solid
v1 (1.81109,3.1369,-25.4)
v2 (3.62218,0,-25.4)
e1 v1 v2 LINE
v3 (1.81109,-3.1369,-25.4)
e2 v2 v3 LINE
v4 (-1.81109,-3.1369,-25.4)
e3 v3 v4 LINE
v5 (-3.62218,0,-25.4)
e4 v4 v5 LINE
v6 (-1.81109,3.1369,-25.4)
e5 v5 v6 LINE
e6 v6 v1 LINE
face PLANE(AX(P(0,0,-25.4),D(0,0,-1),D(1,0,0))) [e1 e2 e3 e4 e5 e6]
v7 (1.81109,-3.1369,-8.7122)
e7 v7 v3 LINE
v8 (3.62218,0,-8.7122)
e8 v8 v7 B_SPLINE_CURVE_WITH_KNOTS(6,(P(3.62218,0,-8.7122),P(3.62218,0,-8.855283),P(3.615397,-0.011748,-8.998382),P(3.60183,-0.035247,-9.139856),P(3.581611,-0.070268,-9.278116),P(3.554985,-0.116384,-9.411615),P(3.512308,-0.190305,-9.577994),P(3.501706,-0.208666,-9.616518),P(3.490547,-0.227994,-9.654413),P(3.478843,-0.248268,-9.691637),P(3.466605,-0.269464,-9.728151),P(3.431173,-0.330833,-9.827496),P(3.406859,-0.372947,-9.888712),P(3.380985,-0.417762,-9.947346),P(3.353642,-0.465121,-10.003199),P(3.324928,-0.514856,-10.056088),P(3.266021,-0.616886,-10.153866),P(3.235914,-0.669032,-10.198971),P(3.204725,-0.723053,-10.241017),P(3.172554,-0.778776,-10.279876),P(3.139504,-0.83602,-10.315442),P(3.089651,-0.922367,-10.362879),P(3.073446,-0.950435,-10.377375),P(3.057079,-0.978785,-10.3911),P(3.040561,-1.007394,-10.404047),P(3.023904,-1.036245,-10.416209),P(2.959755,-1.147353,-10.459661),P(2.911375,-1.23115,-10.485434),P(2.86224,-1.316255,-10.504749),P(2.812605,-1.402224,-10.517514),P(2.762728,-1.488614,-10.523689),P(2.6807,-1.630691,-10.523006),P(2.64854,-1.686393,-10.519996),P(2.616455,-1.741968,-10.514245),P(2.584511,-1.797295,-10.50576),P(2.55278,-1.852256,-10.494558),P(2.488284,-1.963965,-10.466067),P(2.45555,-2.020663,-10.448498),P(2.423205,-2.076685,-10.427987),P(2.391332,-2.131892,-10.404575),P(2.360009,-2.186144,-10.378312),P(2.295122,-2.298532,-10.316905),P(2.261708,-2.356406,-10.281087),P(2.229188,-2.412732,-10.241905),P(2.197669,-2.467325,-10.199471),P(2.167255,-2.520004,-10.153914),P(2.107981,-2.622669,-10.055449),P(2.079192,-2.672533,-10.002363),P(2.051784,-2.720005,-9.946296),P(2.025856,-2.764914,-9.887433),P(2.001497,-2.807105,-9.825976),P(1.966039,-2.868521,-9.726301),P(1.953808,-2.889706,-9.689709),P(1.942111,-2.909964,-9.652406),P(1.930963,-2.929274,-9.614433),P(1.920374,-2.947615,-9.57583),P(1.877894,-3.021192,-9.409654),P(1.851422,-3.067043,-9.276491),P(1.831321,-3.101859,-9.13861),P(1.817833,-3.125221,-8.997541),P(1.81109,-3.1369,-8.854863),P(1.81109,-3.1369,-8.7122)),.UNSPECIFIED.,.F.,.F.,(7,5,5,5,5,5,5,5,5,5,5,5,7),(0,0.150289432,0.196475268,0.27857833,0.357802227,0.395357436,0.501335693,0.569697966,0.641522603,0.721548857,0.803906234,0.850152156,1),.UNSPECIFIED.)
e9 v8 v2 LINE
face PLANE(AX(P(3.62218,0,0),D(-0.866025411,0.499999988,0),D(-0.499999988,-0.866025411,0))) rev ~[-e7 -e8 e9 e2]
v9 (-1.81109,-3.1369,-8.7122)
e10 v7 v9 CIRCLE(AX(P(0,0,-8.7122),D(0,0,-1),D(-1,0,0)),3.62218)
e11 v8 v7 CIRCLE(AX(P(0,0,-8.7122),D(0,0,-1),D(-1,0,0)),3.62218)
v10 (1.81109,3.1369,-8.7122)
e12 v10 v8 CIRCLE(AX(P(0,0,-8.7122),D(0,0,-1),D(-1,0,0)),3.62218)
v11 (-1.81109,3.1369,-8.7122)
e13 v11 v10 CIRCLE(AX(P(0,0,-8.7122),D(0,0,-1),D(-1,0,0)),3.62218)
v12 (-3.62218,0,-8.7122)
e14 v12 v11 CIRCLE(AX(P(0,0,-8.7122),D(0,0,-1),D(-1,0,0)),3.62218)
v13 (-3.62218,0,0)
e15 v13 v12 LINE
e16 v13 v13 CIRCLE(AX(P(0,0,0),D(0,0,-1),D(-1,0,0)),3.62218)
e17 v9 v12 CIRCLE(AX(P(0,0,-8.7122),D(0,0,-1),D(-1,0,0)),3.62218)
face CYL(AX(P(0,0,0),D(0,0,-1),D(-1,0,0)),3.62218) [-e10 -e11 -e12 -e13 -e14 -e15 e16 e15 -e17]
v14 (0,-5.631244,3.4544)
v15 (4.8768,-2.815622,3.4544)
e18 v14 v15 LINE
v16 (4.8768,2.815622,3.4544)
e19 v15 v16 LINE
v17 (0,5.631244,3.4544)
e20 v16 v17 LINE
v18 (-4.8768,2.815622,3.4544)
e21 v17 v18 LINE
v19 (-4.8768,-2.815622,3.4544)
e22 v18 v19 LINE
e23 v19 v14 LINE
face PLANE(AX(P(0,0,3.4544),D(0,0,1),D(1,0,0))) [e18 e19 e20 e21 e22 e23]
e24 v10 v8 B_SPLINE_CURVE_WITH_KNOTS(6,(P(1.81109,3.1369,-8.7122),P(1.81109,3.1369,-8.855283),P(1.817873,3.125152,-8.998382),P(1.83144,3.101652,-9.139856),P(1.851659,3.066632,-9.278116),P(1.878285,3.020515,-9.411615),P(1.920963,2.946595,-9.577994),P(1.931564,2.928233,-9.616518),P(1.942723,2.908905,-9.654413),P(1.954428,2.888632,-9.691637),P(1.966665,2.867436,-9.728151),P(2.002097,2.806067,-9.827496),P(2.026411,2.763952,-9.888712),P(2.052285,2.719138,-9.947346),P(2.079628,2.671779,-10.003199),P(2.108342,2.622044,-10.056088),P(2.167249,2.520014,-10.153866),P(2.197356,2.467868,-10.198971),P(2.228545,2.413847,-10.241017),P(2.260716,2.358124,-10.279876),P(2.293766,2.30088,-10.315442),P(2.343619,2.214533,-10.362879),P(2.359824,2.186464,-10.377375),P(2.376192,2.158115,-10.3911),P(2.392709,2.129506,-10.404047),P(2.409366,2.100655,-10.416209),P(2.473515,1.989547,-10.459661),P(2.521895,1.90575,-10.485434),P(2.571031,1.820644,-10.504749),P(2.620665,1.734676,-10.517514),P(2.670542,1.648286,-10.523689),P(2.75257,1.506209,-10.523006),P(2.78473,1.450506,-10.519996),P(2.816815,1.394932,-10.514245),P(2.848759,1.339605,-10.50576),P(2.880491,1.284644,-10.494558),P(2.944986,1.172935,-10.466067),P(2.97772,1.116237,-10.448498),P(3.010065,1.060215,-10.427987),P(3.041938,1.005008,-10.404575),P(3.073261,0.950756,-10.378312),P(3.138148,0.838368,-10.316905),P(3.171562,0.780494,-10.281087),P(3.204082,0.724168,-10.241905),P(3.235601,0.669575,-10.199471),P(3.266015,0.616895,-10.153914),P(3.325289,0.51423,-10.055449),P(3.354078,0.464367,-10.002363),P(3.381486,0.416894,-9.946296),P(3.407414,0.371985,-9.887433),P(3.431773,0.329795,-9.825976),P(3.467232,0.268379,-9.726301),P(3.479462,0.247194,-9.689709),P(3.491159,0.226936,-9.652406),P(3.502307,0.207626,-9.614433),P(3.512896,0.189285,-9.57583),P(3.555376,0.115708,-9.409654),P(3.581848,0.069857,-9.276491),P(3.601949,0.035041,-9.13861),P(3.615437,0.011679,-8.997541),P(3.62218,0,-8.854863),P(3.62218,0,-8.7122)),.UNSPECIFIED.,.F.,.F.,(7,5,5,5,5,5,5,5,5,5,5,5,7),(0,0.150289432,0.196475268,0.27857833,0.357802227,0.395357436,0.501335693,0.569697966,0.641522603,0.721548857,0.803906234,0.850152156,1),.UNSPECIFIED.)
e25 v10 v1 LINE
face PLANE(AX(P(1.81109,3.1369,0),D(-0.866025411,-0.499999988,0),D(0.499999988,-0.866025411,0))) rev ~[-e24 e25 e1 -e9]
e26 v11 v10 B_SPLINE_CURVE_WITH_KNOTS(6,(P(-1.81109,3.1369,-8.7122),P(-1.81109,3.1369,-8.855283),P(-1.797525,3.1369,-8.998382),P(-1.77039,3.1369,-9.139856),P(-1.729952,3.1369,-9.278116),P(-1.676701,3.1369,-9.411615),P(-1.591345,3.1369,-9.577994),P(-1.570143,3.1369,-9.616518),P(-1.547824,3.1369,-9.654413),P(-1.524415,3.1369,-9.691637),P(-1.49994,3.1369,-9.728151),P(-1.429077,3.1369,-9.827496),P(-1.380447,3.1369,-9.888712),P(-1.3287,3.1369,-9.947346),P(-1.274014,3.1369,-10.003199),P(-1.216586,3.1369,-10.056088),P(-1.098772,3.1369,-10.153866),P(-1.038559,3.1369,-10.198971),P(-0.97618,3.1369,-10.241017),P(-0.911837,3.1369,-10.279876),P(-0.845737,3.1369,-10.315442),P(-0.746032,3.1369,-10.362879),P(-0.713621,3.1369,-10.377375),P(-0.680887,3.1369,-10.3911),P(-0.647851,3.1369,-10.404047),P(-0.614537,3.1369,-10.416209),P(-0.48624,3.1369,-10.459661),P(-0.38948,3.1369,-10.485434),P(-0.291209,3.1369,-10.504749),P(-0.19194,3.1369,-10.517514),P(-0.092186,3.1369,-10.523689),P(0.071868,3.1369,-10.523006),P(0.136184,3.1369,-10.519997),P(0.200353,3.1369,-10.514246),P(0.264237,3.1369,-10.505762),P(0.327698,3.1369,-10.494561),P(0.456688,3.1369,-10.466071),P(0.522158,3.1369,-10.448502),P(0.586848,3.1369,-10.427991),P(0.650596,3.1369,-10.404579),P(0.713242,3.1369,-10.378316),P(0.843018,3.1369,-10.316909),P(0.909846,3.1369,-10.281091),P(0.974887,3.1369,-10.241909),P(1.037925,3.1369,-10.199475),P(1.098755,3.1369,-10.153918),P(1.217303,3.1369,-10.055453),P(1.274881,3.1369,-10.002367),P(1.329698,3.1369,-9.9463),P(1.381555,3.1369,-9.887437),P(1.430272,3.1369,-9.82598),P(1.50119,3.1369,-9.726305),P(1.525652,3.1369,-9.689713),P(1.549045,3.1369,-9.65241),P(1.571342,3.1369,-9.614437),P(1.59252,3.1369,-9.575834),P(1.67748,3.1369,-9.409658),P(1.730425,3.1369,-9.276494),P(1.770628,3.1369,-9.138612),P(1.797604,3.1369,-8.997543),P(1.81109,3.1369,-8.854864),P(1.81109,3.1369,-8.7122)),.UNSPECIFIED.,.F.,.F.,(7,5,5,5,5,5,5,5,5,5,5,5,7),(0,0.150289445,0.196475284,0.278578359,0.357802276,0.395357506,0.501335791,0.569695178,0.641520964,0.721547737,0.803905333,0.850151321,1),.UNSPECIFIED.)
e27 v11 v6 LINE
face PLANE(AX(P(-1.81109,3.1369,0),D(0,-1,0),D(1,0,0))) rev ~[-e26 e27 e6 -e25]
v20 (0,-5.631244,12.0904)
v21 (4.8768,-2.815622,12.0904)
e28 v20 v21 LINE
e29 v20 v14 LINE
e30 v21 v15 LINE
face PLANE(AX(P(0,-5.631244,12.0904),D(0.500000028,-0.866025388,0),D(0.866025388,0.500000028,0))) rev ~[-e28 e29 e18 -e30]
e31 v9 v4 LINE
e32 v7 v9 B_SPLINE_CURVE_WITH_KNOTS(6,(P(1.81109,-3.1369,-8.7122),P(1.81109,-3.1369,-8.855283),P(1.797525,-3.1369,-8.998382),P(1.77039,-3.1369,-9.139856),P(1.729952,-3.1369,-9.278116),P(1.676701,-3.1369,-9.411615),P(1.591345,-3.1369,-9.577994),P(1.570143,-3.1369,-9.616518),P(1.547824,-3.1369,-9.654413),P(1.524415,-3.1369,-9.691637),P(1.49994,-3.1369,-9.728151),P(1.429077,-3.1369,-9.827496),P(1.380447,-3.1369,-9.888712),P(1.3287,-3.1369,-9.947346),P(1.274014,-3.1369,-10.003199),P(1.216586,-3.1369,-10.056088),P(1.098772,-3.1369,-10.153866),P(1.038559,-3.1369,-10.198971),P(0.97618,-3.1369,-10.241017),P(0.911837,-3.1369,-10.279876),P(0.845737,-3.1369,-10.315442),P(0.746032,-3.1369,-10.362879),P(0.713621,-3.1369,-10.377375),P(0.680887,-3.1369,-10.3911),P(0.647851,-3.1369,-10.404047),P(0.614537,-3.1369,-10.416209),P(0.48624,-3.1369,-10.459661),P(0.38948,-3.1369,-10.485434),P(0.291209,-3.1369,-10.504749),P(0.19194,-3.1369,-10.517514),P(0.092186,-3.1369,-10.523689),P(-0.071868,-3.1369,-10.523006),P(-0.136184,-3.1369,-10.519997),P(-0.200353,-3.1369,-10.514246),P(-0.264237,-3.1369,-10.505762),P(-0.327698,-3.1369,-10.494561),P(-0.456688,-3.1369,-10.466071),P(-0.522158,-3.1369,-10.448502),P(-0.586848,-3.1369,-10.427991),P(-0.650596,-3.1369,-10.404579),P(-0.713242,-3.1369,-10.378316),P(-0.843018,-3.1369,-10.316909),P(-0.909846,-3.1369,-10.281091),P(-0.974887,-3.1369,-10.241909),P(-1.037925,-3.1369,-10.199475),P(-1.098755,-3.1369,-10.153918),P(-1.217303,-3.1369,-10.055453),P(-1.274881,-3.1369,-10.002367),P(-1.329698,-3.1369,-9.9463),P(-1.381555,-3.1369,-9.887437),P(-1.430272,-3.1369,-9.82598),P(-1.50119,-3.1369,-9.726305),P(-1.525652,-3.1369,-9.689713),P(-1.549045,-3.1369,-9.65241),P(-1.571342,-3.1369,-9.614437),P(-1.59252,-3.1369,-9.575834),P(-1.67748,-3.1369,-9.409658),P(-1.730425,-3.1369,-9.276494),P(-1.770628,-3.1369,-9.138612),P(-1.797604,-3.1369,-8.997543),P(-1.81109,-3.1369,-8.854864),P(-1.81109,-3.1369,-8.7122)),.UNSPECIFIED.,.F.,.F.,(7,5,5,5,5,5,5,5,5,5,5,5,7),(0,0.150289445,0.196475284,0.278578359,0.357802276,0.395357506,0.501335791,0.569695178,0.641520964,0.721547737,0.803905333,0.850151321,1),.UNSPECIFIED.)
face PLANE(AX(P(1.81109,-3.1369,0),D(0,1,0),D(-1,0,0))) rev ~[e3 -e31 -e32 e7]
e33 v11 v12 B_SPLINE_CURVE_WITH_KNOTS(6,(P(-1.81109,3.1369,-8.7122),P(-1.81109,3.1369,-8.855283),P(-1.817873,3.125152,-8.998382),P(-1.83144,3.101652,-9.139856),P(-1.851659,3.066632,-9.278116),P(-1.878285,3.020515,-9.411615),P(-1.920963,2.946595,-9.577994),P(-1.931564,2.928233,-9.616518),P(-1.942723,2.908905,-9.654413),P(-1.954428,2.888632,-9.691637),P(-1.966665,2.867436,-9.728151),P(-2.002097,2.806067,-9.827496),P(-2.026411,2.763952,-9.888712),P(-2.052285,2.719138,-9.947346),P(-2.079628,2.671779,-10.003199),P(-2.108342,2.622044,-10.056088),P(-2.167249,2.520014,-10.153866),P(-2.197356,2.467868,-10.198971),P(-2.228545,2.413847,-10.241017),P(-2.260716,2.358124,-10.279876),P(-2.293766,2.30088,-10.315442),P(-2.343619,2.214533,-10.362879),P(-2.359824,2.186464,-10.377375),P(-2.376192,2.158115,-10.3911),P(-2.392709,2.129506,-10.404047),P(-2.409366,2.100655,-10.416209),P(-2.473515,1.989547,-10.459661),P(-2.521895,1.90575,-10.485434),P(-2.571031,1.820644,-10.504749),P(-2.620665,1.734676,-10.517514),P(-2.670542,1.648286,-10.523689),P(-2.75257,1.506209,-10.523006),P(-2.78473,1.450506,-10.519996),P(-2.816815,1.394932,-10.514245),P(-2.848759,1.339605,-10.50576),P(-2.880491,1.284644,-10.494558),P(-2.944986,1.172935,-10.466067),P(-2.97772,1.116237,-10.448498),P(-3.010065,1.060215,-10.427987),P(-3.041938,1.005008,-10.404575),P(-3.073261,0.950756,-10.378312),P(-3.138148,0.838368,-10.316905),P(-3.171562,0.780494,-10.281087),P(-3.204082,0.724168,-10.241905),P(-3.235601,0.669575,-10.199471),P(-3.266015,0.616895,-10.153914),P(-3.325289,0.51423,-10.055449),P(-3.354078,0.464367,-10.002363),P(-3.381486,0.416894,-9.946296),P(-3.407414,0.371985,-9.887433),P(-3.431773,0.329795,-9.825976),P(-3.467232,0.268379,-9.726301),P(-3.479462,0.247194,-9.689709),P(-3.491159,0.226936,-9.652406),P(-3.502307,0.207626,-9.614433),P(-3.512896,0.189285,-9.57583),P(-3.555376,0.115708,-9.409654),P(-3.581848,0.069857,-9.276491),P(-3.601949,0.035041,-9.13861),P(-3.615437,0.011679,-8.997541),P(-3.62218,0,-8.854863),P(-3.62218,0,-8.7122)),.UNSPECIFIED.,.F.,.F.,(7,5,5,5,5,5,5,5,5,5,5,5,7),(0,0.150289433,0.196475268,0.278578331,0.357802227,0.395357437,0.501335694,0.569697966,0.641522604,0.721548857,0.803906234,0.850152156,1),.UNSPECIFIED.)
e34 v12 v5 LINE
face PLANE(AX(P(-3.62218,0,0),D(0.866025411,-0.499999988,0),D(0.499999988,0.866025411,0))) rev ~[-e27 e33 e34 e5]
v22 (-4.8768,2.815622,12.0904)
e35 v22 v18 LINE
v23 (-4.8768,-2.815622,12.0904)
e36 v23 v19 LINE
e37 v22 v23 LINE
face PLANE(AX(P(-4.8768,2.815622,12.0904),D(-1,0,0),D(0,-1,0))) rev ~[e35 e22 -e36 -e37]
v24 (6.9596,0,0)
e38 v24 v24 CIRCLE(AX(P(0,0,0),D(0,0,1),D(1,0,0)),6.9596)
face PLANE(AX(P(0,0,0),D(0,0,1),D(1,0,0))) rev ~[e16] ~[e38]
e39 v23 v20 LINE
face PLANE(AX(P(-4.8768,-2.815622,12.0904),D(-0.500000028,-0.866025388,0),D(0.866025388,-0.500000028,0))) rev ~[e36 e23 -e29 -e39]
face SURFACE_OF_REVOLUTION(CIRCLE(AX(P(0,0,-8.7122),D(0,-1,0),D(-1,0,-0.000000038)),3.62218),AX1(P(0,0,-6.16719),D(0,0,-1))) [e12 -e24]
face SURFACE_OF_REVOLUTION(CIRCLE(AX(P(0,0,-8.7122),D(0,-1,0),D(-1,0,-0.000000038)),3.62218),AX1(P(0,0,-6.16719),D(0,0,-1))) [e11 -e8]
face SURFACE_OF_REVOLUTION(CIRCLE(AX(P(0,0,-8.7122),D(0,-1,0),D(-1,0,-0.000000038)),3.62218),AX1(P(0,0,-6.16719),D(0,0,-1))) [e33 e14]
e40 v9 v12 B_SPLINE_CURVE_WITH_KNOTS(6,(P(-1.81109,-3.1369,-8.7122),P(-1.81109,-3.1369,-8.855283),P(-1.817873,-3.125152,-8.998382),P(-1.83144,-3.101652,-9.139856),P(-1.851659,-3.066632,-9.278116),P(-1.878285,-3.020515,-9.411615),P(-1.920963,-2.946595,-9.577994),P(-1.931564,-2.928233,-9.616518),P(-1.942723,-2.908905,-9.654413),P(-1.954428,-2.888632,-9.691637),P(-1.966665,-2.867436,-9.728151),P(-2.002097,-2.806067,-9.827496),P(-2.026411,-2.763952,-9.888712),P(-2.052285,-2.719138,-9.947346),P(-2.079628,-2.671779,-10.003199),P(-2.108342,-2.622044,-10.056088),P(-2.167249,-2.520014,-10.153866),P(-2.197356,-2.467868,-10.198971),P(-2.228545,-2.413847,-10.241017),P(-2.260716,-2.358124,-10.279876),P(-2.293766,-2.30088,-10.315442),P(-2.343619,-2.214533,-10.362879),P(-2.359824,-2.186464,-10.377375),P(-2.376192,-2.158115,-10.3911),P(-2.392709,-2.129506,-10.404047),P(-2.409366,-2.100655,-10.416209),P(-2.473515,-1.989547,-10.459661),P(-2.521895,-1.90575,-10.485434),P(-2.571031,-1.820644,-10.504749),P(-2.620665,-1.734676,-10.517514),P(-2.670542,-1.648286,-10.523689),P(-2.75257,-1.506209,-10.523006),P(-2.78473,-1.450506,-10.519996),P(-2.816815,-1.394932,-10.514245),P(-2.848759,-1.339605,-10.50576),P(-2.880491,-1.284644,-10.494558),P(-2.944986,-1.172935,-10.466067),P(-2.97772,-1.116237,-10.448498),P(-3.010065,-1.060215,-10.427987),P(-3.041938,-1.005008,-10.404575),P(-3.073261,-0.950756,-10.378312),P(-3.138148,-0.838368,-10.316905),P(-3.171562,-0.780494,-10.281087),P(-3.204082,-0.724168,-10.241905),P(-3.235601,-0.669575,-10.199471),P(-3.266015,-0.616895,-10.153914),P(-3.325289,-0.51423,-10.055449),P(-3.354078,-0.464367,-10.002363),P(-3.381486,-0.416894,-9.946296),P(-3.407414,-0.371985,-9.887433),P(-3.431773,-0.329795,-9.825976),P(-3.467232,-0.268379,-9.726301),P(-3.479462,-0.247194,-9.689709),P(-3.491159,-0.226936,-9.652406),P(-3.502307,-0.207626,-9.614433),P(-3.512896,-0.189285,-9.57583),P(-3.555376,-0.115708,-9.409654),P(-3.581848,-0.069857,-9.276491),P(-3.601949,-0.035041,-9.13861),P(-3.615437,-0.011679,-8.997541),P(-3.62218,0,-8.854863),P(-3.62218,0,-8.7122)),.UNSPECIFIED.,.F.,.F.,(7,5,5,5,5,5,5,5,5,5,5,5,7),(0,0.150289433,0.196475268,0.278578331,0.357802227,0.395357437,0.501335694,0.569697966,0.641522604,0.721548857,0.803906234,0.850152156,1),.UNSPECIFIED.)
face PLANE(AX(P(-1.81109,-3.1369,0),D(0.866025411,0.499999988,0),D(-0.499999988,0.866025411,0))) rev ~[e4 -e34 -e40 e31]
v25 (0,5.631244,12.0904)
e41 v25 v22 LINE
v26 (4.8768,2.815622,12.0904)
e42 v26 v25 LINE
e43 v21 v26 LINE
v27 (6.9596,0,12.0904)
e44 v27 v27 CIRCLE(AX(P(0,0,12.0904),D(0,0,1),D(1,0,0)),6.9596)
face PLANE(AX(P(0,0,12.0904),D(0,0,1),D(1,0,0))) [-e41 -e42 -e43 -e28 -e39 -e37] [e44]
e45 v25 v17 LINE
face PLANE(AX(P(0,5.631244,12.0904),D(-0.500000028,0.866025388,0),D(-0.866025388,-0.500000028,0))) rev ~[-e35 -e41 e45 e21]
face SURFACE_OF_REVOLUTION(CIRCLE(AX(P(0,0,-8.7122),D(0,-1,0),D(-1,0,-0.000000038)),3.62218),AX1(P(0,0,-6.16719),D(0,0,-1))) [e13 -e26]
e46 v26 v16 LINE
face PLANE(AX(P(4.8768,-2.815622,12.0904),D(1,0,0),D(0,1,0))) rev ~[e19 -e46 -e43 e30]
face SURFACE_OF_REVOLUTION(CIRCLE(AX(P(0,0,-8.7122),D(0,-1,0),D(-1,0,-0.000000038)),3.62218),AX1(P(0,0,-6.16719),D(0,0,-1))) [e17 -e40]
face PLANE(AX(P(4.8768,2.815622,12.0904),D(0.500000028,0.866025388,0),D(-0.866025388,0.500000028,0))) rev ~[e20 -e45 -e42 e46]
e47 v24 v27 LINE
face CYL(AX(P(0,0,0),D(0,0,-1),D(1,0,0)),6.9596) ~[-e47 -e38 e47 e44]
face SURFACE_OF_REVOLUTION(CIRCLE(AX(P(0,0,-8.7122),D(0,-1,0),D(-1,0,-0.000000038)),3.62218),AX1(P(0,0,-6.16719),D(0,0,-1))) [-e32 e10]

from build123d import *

# Parameters (mm, degrees)
F0_R     = 6.9596
F1_DEPTH = 12.0904
F3_DEPTH = 8.636
F5_DEPTH = 25.4


with BuildPart() as f1:
    # F0 (on Top) → F1 (new body)
    with BuildSketch(Plane.XY):
        Circle(F0_R)
    extrude(amount=F1_DEPTH)

    # F2 (on face) → F3 (cut)
    with BuildSketch(Plane.XY.offset(12.0904)):
        Polygon((4.8768, -2.815622), (4.8768, 2.815622), (0, 5.631244), (-4.8768, 2.815622), (-4.8768, -2.815622), (0, -5.631244), align=None)
    extrude(amount=-F3_DEPTH, mode=Mode.SUBTRACT)

    # F4 (on face) → F5 (join)
    with BuildSketch(Plane(origin=(0, 0, 0), x_dir=(1, 0, 0), z_dir=(0, 0, -1))):
        Polygon((-1.81109, -3.1369), (1.81109, -3.1369), (3.62218, 0), (1.81109, 3.1369), (-1.81109, 3.1369), (-3.62218, 0), align=None)
    extrude(amount=F5_DEPTH)

    # F6 (on Front) → F7 (revolve)
    with BuildSketch(Plane.XZ):
        with BuildLine():
            Line((0, 0), (-3.62218, 0))
            Line((-3.62218, 0), (-3.62218, -8.7122))
            ThreePointArc((-3.62218, -8.7122), (-2.561268, -11.273468), (0, -12.33438))
            Line((0, -12.33438), (0, 0))
        make_face()
    revolve(axis=Axis((0, 0, -6.16719), (0, 0, -1)))


solid = f1.part
